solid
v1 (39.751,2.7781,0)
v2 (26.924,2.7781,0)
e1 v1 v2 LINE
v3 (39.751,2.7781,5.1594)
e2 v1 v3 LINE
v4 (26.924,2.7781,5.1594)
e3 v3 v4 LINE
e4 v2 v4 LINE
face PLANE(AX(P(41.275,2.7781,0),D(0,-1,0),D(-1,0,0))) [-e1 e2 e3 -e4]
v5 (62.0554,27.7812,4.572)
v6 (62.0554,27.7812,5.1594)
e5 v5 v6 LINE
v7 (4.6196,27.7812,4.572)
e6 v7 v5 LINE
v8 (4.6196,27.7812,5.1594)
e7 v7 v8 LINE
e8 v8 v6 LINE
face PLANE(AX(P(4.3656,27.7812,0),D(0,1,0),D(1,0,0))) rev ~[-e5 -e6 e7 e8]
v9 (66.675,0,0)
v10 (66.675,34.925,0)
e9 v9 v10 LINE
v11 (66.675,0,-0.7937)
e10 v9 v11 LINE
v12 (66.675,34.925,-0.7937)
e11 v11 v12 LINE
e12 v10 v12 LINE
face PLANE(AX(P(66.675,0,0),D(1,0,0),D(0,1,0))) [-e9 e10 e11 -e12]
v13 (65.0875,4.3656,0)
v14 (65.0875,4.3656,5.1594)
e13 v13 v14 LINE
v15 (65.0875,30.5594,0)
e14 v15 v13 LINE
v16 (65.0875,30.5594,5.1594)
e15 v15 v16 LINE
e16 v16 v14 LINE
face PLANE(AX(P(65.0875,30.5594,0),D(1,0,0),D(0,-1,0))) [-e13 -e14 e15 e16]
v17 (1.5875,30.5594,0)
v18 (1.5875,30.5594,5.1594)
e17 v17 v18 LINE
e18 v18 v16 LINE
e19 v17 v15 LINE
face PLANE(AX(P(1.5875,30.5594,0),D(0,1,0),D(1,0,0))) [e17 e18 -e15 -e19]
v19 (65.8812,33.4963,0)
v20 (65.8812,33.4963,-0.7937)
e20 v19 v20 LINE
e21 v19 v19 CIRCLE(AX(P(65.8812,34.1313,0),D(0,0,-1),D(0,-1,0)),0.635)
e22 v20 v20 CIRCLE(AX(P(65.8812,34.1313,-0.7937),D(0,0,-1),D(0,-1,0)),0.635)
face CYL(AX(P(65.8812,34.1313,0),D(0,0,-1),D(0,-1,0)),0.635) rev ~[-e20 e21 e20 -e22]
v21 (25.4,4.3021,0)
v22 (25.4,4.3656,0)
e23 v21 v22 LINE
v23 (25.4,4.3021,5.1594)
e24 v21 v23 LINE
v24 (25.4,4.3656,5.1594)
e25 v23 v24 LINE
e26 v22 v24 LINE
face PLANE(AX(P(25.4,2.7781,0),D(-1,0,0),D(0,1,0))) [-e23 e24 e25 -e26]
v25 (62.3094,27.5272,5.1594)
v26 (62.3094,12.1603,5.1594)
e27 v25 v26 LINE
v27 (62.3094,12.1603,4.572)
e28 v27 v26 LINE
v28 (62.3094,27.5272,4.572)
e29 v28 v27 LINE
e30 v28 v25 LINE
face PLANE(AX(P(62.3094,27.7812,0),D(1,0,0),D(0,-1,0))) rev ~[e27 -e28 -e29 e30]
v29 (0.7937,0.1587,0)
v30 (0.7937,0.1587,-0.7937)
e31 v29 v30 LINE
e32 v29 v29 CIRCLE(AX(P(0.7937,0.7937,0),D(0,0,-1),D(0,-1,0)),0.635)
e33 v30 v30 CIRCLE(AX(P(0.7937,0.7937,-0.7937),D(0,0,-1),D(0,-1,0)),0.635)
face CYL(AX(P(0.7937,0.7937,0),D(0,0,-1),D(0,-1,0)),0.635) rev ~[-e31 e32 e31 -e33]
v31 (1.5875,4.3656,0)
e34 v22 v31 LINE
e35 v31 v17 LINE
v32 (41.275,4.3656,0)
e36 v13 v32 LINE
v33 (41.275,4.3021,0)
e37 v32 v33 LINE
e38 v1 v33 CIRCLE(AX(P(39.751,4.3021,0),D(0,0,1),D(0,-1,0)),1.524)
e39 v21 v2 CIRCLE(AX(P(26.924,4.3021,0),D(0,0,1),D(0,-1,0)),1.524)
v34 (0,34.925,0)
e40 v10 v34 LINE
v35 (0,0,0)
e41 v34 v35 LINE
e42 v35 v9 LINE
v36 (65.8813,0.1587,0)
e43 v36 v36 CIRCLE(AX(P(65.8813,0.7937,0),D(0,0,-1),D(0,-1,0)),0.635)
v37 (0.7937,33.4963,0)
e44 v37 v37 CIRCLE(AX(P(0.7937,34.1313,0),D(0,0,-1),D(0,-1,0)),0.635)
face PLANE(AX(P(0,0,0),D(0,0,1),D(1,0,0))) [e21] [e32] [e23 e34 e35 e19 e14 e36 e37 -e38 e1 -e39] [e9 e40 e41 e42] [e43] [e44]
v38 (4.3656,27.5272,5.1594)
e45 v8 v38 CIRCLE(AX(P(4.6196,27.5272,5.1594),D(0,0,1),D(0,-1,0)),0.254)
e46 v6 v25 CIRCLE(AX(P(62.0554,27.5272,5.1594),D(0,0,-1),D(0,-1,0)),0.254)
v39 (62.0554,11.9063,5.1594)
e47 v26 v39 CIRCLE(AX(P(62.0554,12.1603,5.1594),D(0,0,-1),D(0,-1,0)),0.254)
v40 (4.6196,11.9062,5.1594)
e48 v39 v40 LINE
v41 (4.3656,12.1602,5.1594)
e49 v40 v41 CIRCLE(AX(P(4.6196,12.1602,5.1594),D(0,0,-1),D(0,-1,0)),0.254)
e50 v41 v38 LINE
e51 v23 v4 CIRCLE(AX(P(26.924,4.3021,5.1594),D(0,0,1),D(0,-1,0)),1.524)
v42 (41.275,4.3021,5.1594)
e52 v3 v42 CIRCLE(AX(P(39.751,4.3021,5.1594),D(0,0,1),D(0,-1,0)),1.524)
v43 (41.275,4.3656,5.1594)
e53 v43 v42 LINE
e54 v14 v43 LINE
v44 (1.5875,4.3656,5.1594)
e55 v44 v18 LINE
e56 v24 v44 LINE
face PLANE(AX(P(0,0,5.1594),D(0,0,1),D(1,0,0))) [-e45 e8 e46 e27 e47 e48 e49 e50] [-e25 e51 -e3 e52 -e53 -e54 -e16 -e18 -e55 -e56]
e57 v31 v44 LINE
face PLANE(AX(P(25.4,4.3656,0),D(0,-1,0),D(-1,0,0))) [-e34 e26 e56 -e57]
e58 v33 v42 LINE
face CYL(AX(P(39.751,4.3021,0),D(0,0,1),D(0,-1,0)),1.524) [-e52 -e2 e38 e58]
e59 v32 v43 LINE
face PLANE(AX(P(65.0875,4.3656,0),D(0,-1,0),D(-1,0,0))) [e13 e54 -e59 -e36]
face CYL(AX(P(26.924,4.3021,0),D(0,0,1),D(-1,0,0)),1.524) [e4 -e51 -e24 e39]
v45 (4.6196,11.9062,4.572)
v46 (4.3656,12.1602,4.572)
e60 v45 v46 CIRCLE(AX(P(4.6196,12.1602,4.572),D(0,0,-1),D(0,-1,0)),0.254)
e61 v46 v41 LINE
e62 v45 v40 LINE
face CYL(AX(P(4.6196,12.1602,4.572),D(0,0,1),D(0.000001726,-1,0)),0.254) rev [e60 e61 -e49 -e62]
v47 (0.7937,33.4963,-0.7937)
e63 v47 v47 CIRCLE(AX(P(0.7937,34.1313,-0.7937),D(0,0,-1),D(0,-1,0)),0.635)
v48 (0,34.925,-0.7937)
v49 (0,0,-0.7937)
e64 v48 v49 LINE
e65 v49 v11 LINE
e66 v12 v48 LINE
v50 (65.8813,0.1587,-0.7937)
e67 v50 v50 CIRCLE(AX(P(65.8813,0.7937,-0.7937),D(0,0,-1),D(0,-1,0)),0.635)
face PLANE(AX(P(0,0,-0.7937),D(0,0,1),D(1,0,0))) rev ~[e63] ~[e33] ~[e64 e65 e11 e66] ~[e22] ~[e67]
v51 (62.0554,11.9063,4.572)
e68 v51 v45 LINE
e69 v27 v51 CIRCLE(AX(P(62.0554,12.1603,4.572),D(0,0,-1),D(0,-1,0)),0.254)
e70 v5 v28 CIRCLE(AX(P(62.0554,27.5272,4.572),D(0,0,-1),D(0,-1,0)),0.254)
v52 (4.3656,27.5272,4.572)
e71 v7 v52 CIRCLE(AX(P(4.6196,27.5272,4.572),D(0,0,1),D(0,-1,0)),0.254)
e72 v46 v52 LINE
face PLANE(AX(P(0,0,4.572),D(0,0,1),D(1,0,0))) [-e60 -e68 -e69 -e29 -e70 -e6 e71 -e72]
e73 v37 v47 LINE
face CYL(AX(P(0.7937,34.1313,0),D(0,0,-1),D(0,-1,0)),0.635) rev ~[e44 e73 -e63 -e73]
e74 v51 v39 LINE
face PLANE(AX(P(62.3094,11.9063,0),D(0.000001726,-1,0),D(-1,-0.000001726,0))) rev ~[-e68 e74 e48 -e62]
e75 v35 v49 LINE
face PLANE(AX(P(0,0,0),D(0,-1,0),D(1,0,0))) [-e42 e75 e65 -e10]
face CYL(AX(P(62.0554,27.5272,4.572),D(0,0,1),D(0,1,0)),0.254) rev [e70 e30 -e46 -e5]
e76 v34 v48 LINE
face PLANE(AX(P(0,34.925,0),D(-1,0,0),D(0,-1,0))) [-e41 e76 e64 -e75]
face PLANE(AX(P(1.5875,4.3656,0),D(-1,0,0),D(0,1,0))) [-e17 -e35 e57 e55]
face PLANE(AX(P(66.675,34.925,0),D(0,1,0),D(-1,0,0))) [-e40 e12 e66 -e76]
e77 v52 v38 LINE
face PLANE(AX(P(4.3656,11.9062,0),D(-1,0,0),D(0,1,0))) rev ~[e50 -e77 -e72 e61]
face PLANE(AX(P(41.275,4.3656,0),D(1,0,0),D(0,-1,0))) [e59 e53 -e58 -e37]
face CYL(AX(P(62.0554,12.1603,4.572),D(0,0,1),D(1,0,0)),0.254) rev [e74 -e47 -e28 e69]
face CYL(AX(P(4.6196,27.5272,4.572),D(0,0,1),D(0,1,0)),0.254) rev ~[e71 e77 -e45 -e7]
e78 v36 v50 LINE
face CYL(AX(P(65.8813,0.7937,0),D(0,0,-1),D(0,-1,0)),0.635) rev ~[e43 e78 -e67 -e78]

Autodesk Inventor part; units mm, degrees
ref_plane "YZ Plane" through (0, 0, 0) normal (1, 0, 0) x (0, 1, 0)
ref_plane "XZ Plane" through (0, 0, 0) normal (0, 1, 0) x (-1, 0, 0)
ref_plane "XY Plane" through (0, 0, 0) normal (0, 0, 1) x (1, 0, 0)
sketch "TopProfile" plane through (0, 0, 0) normal (0, 0, 1) x (1, 0, 0)
  line L0 (0, 0) -> (66.675, 0)
  line L1 (66.675, 0) -> (66.675, 34.925)
  line L2 (66.675, 34.925) -> (0, 34.925)
  line L3 (0, 34.925) -> (0, 0)
  line L4 (1.5875, 30.5594) -> (65.0875, 30.5594)
  line L5 (65.0875, 30.5594) -> (65.0875, 4.3656)
  line L6 (65.0875, 4.3656) -> (1.5875, 4.3656)
  line L7 (1.5875, 4.3656) -> (1.5875, 30.5594)
  line L8 (25.4, 4.3656) -> (41.275, 4.3656)
  line L9 (41.275, 4.3656) -> (41.275, 2.7781)
  line L10 (41.275, 2.7781) -> (25.4, 2.7781)
  line L11 (25.4, 2.7781) -> (25.4, 4.3656)
  line L12 (4.3656, 27.7812) -> (62.3094, 27.7812)
  line L13 (62.3094, 27.7812) -> (62.3094, 11.9063)
  line L14 (62.3094, 11.9063) -> (4.3656, 11.9062)
  line L15 (4.3656, 11.9062) -> (4.3656, 27.7812)
  point P0 (33.3375, 4.3656)
  dimension "d0" = 66.675
  dimension "d1" = 34.925
  dimension "d2" = 26.1938
  dimension "d3" = 63.5
  dimension "d4" = 1.5875
  dimension "d5" = 1.6002
  dimension "d6" = 27.7812
  dimension "d7" = 15.875
  dimension "d8" = 4.3656
  dimension "d9" = 15.875
  dimension "d10" = 2.7781
  dimension "d11" = 2.7781
  dimension "d12" = 2.7781
extrude "BoardFeature" add sketch "TopProfile" against normal blind 0.7937 contours L3 L2 L1 L0 | L4 L5 L6 L7 | L6 L9 L10 L11 | L12 L13 L14 L15
extrude "ScreenFeature" add sketch "TopProfile" along normal blind 5.1594 contours L4 L5 L6 L7 | L6 L9 L10 L11
extrude "DisplayFeature" add sketch "TopProfile" along normal blind 4.572 contours L12 L13 L14 L15
fillet "BezelFilletsFeature" radius 0.254 4 edges at (4.3656, 27.7812, 4.8657) (62.3094, 27.7812, 4.8657) (62.3094, 11.9063, 4.8657) (4.3656, 11.9062, 4.8657)
fillet "BottomFilletsFeature" radius 1.524 2 edges at (25.4, 2.7781, 2.5797) (41.275, 2.7781, 2.5797)
sketch "MountHoles" plane through (0, 0, 0) normal (0, 0, 1) x (1, 0, 0)
  circle A0 centre (0.7937, 0.7937) radius 0.7937
  circle A1 centre (65.8813, 0.7937) radius 0.7937
  line L0 (0, 0) -> (66.675, 0) construction
  line L1 (0, 34.925) -> (0, 0) construction
  line L2 (66.675, 0) -> (66.675, 34.925) construction
  circle A2 centre (0.7937, 34.1313) radius 0.7937
  circle A3 centre (65.8812, 34.1313) radius 0.7937
  line L3 (66.675, 34.925) -> (0, 34.925) construction
  dimension "d21" = 1.5875
  dimension "d32" = 65.0875
hole "MountHolesFeature" at (0.7937, 0.7937, 0) at (0.7937, 34.1313, 0) at (65.8812, 34.1313, 0) at (65.8813, 0.7937, 0) direction (0, 0, -1) diameter 1.27 end through all
equation "\"d11\" = d10"
equation "\"d12\" = d10"
properties part number "oscilloscope-screen"
